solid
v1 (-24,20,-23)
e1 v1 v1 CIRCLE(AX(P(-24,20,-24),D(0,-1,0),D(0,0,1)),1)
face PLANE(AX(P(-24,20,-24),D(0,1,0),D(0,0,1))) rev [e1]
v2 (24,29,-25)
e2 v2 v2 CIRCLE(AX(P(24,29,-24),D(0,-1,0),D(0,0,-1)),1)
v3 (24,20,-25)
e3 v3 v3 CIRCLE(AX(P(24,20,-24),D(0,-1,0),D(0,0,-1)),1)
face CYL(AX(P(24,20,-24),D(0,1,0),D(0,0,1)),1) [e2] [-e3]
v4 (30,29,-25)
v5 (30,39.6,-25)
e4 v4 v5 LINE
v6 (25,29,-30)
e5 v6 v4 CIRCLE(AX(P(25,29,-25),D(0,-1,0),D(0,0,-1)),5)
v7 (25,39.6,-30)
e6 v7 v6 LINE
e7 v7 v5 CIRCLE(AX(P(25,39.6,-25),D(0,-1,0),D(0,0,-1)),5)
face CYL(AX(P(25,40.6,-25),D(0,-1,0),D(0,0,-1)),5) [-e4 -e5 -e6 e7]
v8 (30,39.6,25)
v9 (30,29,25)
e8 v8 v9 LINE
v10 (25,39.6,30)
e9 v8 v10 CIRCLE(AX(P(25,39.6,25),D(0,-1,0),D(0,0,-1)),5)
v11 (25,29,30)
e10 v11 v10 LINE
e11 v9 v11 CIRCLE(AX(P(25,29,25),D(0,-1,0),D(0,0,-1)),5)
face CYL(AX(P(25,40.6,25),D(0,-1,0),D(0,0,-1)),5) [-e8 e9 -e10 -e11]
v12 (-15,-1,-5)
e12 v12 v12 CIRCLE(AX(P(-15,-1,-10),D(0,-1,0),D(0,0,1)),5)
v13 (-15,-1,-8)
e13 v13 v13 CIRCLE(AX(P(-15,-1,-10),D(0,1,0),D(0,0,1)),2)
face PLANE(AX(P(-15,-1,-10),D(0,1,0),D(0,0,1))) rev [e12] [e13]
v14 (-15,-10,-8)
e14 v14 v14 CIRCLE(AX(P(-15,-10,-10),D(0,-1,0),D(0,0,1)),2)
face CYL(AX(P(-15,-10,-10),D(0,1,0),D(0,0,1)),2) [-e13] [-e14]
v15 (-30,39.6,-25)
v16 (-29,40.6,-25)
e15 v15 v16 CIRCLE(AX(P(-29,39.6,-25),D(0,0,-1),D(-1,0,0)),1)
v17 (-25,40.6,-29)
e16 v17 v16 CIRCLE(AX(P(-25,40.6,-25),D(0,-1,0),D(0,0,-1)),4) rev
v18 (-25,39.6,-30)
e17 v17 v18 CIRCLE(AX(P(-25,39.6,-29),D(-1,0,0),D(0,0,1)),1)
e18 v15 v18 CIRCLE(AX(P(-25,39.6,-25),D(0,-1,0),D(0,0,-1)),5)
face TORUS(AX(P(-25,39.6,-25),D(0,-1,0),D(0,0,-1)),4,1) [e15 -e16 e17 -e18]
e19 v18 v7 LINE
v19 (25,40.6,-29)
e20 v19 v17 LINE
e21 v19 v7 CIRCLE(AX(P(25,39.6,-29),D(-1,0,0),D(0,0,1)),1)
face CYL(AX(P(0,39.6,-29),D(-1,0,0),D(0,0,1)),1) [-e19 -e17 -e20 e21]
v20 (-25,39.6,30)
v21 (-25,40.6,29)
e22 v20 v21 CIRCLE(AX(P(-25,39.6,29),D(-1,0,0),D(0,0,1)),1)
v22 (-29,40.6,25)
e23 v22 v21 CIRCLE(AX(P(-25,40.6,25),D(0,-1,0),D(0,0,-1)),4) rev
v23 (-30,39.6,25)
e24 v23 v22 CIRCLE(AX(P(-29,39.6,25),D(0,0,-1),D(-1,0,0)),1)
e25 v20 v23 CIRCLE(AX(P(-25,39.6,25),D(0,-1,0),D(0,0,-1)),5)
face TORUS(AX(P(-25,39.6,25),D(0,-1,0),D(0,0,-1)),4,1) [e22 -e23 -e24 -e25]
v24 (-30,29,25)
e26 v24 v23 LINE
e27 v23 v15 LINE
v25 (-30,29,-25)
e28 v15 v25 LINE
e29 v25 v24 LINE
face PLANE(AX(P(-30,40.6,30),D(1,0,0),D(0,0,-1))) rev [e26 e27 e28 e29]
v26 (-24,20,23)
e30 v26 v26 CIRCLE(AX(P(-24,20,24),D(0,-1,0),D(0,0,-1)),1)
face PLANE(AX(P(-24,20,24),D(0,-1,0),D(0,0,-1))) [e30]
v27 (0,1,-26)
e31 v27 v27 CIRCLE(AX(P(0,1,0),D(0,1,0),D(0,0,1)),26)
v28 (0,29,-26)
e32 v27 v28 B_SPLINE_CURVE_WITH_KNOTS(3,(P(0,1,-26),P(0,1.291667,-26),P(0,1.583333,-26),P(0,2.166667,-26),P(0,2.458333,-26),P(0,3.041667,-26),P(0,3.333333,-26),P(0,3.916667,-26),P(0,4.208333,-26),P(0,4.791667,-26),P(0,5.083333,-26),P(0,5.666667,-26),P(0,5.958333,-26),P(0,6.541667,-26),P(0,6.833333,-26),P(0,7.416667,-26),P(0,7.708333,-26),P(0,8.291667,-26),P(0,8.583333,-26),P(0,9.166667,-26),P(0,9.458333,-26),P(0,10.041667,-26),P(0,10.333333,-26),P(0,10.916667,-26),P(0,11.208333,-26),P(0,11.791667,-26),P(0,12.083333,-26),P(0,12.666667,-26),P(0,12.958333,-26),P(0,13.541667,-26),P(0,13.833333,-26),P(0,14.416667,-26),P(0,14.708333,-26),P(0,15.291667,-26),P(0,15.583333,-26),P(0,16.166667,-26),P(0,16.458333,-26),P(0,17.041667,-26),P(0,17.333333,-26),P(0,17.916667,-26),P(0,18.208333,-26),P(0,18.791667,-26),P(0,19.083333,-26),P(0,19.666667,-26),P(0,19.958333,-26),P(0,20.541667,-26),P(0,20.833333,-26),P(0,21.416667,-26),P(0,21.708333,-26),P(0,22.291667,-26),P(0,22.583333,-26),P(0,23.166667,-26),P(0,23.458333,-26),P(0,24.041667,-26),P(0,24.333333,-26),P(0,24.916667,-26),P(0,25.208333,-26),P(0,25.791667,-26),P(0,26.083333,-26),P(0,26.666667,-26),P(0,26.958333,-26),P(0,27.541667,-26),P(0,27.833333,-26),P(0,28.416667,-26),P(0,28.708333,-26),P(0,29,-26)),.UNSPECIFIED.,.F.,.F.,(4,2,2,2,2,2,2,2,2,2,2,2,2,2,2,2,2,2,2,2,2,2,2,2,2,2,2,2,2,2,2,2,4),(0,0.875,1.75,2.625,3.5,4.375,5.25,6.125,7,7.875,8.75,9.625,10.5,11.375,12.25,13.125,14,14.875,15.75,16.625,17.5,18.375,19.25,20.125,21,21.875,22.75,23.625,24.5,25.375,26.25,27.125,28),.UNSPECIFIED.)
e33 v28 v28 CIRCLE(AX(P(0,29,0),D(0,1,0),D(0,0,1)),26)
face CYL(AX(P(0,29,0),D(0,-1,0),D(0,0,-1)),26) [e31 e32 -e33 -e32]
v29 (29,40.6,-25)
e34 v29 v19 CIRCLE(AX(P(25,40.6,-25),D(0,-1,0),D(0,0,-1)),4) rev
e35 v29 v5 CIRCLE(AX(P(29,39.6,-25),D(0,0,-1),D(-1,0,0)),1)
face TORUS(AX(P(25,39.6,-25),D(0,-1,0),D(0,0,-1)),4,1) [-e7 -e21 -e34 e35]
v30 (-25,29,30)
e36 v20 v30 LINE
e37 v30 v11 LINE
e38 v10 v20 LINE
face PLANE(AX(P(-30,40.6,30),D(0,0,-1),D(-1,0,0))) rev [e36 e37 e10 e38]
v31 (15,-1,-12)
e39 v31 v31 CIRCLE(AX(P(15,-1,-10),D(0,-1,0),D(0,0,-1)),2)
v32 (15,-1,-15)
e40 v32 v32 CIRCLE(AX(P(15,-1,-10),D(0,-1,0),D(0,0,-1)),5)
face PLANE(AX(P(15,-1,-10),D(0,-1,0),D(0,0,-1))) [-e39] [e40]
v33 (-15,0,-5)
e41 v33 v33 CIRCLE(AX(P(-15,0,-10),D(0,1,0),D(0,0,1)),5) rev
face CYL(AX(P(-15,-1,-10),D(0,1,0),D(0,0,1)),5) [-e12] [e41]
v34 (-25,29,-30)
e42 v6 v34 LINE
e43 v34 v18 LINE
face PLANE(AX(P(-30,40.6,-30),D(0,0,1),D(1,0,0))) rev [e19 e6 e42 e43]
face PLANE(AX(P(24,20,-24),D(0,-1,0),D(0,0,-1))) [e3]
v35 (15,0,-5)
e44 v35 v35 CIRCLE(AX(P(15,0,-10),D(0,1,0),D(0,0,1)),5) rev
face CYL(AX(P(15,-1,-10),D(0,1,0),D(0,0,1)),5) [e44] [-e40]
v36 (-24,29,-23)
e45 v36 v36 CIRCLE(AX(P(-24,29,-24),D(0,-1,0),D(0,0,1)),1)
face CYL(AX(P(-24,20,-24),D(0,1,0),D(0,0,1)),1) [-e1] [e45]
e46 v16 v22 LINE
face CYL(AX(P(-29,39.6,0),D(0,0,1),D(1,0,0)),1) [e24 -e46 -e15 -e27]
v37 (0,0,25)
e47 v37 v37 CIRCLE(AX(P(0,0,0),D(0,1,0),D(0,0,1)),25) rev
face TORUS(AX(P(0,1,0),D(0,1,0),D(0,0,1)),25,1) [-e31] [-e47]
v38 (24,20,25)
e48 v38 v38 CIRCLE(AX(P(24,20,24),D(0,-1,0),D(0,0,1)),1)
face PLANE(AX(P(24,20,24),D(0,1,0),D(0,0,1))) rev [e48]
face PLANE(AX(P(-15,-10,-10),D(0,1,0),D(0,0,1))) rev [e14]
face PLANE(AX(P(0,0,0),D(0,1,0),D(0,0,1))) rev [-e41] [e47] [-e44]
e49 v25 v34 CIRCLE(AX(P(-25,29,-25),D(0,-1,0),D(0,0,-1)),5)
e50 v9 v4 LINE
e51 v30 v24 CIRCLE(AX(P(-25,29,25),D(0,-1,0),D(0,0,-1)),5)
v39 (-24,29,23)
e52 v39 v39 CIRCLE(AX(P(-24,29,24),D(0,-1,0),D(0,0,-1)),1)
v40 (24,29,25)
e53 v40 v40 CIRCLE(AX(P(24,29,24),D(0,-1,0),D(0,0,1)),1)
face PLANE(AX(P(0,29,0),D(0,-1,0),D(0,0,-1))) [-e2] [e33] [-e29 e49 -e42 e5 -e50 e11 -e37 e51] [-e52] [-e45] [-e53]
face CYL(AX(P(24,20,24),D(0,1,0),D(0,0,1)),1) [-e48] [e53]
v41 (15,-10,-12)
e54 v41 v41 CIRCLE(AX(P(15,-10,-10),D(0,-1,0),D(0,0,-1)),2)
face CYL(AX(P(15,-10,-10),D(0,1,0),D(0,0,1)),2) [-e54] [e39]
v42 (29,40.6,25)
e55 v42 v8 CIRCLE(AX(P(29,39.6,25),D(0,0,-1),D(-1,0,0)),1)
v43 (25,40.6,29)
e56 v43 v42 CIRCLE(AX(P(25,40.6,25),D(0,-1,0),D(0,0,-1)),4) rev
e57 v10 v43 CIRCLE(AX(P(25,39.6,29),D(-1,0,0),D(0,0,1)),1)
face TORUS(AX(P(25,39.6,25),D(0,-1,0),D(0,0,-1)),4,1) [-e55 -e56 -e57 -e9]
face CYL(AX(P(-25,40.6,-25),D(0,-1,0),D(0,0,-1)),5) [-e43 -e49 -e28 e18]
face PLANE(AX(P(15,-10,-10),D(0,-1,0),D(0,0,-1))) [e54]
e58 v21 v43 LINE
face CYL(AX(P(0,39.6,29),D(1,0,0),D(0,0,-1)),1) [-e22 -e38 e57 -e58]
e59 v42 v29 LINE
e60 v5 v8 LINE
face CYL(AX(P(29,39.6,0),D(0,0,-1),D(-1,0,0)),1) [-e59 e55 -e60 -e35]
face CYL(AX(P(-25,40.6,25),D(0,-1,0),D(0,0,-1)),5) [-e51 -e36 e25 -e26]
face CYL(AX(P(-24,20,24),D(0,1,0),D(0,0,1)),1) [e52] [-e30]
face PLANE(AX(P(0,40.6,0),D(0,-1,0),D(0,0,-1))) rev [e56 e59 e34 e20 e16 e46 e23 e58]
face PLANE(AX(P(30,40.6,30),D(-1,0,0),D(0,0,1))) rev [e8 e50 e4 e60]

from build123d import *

# Parameters (mm, degrees)
SKETCH1_R           = 26
BOSS_EXTRUDE1_DEPTH = 29
SKETCH2_W           = 60
SKETCH2_H           = 60
BOSS_EXTRUDE2_DEPTH = 11.6
FILLET1_R           = 5
SKETCH5_R           = 2
BOSS_EXTRUDE3_DEPTH = 10
SKETCH6_R           = 1
BOSS_EXTRUDE4_DEPTH = 9
FILLET2_R           = 1
FILLET3_R           = 1
SKETCH7_R           = 5
BOSS_EXTRUDE5_DEPTH = 1


with BuildPart() as part:
    # Sketch1 → Boss-Extrude1 (new body)
    with BuildSketch(Plane(origin=(0, 0, 0), x_dir=(1, 0, 0), z_dir=(0, 1, 0))):
        with Locations(Location((0, 0, 0), (0, 0, 90))):
            Circle(SKETCH1_R)
    extrude(amount=BOSS_EXTRUDE1_DEPTH)

    # Sketch2 → Boss-Extrude2 (add)
    with BuildSketch(Plane(origin=(0, 29, 0), x_dir=(1, 0, 0), z_dir=(0, 1, 0))):
        Rectangle(SKETCH2_W, SKETCH2_H)
    extrude(amount=BOSS_EXTRUDE2_DEPTH)

    # Fillet1
    fillet1_edges = [part.edges().sort_by_distance(p)[0] for p in [
        (30, 34.8, 30),
        (30, 34.8, -30),
        (-30, 34.8, -30),
        (-30, 34.8, 30),
    ]]
    fillet(fillet1_edges, radius=FILLET1_R)

    # Sketch5 → Boss-Extrude3 (add)
    with BuildSketch(Plane.XZ):
        with Locations(Location((15, -10, 0), (0, 0, 90))):
            Circle(SKETCH5_R)
        with Locations(Location((-15, -10, 0), (0, 0, 90))):
            Circle(SKETCH5_R)
    extrude(amount=BOSS_EXTRUDE3_DEPTH)

    # Sketch6 → Boss-Extrude4 (add)
    with BuildSketch(Plane.XZ.offset(-29)):
        with Locations(Location((24, -24, 0), (0, 0, 270))):
            Circle(SKETCH6_R)
        with Locations(Location((24, 24, 0), (0, 0, 90))):
            Circle(SKETCH6_R)
        with Locations(Location((-24, 24, 0), (0, 0, 270))):
            Circle(SKETCH6_R)
        with Locations(Location((-24, -24, 0), (0, 0, 90))):
            Circle(SKETCH6_R)
    extrude(amount=BOSS_EXTRUDE4_DEPTH)

    # Fillet2
    fillet2_edges = [part.edges().sort_by_distance(p)[0] for p in [
        (-30, 40.6, 0),
        (0, 40.6, -30),
        (30, 40.6, 0),
        (0, 40.6, 30),
        (28.535533906, 40.6, 28.535533906),
        (28.535533906, 40.6, -28.535533906),
        (-28.535533906, 40.6, 28.535533906),
        (-28.535533906, 40.6, -28.535533906),
    ]]
    fillet(fillet2_edges, radius=FILLET2_R)

    # Fillet3
    fillet3_edges = [part.edges().sort_by_distance(p)[0] for p in [
        (0, 0, 26),
    ]]
    fillet(fillet3_edges, radius=FILLET3_R)

    # Sketch7 → Boss-Extrude5 (add)
    with BuildSketch(Plane.XZ):
        with Locations(Location((15, -10, 0), (0, 0, 90))):
            Circle(SKETCH7_R)
        with Locations(Location((-15, -10, 0), (0, 0, 90))):
            Circle(SKETCH7_R)
    extrude(amount=BOSS_EXTRUDE5_DEPTH)


solid = part.part
